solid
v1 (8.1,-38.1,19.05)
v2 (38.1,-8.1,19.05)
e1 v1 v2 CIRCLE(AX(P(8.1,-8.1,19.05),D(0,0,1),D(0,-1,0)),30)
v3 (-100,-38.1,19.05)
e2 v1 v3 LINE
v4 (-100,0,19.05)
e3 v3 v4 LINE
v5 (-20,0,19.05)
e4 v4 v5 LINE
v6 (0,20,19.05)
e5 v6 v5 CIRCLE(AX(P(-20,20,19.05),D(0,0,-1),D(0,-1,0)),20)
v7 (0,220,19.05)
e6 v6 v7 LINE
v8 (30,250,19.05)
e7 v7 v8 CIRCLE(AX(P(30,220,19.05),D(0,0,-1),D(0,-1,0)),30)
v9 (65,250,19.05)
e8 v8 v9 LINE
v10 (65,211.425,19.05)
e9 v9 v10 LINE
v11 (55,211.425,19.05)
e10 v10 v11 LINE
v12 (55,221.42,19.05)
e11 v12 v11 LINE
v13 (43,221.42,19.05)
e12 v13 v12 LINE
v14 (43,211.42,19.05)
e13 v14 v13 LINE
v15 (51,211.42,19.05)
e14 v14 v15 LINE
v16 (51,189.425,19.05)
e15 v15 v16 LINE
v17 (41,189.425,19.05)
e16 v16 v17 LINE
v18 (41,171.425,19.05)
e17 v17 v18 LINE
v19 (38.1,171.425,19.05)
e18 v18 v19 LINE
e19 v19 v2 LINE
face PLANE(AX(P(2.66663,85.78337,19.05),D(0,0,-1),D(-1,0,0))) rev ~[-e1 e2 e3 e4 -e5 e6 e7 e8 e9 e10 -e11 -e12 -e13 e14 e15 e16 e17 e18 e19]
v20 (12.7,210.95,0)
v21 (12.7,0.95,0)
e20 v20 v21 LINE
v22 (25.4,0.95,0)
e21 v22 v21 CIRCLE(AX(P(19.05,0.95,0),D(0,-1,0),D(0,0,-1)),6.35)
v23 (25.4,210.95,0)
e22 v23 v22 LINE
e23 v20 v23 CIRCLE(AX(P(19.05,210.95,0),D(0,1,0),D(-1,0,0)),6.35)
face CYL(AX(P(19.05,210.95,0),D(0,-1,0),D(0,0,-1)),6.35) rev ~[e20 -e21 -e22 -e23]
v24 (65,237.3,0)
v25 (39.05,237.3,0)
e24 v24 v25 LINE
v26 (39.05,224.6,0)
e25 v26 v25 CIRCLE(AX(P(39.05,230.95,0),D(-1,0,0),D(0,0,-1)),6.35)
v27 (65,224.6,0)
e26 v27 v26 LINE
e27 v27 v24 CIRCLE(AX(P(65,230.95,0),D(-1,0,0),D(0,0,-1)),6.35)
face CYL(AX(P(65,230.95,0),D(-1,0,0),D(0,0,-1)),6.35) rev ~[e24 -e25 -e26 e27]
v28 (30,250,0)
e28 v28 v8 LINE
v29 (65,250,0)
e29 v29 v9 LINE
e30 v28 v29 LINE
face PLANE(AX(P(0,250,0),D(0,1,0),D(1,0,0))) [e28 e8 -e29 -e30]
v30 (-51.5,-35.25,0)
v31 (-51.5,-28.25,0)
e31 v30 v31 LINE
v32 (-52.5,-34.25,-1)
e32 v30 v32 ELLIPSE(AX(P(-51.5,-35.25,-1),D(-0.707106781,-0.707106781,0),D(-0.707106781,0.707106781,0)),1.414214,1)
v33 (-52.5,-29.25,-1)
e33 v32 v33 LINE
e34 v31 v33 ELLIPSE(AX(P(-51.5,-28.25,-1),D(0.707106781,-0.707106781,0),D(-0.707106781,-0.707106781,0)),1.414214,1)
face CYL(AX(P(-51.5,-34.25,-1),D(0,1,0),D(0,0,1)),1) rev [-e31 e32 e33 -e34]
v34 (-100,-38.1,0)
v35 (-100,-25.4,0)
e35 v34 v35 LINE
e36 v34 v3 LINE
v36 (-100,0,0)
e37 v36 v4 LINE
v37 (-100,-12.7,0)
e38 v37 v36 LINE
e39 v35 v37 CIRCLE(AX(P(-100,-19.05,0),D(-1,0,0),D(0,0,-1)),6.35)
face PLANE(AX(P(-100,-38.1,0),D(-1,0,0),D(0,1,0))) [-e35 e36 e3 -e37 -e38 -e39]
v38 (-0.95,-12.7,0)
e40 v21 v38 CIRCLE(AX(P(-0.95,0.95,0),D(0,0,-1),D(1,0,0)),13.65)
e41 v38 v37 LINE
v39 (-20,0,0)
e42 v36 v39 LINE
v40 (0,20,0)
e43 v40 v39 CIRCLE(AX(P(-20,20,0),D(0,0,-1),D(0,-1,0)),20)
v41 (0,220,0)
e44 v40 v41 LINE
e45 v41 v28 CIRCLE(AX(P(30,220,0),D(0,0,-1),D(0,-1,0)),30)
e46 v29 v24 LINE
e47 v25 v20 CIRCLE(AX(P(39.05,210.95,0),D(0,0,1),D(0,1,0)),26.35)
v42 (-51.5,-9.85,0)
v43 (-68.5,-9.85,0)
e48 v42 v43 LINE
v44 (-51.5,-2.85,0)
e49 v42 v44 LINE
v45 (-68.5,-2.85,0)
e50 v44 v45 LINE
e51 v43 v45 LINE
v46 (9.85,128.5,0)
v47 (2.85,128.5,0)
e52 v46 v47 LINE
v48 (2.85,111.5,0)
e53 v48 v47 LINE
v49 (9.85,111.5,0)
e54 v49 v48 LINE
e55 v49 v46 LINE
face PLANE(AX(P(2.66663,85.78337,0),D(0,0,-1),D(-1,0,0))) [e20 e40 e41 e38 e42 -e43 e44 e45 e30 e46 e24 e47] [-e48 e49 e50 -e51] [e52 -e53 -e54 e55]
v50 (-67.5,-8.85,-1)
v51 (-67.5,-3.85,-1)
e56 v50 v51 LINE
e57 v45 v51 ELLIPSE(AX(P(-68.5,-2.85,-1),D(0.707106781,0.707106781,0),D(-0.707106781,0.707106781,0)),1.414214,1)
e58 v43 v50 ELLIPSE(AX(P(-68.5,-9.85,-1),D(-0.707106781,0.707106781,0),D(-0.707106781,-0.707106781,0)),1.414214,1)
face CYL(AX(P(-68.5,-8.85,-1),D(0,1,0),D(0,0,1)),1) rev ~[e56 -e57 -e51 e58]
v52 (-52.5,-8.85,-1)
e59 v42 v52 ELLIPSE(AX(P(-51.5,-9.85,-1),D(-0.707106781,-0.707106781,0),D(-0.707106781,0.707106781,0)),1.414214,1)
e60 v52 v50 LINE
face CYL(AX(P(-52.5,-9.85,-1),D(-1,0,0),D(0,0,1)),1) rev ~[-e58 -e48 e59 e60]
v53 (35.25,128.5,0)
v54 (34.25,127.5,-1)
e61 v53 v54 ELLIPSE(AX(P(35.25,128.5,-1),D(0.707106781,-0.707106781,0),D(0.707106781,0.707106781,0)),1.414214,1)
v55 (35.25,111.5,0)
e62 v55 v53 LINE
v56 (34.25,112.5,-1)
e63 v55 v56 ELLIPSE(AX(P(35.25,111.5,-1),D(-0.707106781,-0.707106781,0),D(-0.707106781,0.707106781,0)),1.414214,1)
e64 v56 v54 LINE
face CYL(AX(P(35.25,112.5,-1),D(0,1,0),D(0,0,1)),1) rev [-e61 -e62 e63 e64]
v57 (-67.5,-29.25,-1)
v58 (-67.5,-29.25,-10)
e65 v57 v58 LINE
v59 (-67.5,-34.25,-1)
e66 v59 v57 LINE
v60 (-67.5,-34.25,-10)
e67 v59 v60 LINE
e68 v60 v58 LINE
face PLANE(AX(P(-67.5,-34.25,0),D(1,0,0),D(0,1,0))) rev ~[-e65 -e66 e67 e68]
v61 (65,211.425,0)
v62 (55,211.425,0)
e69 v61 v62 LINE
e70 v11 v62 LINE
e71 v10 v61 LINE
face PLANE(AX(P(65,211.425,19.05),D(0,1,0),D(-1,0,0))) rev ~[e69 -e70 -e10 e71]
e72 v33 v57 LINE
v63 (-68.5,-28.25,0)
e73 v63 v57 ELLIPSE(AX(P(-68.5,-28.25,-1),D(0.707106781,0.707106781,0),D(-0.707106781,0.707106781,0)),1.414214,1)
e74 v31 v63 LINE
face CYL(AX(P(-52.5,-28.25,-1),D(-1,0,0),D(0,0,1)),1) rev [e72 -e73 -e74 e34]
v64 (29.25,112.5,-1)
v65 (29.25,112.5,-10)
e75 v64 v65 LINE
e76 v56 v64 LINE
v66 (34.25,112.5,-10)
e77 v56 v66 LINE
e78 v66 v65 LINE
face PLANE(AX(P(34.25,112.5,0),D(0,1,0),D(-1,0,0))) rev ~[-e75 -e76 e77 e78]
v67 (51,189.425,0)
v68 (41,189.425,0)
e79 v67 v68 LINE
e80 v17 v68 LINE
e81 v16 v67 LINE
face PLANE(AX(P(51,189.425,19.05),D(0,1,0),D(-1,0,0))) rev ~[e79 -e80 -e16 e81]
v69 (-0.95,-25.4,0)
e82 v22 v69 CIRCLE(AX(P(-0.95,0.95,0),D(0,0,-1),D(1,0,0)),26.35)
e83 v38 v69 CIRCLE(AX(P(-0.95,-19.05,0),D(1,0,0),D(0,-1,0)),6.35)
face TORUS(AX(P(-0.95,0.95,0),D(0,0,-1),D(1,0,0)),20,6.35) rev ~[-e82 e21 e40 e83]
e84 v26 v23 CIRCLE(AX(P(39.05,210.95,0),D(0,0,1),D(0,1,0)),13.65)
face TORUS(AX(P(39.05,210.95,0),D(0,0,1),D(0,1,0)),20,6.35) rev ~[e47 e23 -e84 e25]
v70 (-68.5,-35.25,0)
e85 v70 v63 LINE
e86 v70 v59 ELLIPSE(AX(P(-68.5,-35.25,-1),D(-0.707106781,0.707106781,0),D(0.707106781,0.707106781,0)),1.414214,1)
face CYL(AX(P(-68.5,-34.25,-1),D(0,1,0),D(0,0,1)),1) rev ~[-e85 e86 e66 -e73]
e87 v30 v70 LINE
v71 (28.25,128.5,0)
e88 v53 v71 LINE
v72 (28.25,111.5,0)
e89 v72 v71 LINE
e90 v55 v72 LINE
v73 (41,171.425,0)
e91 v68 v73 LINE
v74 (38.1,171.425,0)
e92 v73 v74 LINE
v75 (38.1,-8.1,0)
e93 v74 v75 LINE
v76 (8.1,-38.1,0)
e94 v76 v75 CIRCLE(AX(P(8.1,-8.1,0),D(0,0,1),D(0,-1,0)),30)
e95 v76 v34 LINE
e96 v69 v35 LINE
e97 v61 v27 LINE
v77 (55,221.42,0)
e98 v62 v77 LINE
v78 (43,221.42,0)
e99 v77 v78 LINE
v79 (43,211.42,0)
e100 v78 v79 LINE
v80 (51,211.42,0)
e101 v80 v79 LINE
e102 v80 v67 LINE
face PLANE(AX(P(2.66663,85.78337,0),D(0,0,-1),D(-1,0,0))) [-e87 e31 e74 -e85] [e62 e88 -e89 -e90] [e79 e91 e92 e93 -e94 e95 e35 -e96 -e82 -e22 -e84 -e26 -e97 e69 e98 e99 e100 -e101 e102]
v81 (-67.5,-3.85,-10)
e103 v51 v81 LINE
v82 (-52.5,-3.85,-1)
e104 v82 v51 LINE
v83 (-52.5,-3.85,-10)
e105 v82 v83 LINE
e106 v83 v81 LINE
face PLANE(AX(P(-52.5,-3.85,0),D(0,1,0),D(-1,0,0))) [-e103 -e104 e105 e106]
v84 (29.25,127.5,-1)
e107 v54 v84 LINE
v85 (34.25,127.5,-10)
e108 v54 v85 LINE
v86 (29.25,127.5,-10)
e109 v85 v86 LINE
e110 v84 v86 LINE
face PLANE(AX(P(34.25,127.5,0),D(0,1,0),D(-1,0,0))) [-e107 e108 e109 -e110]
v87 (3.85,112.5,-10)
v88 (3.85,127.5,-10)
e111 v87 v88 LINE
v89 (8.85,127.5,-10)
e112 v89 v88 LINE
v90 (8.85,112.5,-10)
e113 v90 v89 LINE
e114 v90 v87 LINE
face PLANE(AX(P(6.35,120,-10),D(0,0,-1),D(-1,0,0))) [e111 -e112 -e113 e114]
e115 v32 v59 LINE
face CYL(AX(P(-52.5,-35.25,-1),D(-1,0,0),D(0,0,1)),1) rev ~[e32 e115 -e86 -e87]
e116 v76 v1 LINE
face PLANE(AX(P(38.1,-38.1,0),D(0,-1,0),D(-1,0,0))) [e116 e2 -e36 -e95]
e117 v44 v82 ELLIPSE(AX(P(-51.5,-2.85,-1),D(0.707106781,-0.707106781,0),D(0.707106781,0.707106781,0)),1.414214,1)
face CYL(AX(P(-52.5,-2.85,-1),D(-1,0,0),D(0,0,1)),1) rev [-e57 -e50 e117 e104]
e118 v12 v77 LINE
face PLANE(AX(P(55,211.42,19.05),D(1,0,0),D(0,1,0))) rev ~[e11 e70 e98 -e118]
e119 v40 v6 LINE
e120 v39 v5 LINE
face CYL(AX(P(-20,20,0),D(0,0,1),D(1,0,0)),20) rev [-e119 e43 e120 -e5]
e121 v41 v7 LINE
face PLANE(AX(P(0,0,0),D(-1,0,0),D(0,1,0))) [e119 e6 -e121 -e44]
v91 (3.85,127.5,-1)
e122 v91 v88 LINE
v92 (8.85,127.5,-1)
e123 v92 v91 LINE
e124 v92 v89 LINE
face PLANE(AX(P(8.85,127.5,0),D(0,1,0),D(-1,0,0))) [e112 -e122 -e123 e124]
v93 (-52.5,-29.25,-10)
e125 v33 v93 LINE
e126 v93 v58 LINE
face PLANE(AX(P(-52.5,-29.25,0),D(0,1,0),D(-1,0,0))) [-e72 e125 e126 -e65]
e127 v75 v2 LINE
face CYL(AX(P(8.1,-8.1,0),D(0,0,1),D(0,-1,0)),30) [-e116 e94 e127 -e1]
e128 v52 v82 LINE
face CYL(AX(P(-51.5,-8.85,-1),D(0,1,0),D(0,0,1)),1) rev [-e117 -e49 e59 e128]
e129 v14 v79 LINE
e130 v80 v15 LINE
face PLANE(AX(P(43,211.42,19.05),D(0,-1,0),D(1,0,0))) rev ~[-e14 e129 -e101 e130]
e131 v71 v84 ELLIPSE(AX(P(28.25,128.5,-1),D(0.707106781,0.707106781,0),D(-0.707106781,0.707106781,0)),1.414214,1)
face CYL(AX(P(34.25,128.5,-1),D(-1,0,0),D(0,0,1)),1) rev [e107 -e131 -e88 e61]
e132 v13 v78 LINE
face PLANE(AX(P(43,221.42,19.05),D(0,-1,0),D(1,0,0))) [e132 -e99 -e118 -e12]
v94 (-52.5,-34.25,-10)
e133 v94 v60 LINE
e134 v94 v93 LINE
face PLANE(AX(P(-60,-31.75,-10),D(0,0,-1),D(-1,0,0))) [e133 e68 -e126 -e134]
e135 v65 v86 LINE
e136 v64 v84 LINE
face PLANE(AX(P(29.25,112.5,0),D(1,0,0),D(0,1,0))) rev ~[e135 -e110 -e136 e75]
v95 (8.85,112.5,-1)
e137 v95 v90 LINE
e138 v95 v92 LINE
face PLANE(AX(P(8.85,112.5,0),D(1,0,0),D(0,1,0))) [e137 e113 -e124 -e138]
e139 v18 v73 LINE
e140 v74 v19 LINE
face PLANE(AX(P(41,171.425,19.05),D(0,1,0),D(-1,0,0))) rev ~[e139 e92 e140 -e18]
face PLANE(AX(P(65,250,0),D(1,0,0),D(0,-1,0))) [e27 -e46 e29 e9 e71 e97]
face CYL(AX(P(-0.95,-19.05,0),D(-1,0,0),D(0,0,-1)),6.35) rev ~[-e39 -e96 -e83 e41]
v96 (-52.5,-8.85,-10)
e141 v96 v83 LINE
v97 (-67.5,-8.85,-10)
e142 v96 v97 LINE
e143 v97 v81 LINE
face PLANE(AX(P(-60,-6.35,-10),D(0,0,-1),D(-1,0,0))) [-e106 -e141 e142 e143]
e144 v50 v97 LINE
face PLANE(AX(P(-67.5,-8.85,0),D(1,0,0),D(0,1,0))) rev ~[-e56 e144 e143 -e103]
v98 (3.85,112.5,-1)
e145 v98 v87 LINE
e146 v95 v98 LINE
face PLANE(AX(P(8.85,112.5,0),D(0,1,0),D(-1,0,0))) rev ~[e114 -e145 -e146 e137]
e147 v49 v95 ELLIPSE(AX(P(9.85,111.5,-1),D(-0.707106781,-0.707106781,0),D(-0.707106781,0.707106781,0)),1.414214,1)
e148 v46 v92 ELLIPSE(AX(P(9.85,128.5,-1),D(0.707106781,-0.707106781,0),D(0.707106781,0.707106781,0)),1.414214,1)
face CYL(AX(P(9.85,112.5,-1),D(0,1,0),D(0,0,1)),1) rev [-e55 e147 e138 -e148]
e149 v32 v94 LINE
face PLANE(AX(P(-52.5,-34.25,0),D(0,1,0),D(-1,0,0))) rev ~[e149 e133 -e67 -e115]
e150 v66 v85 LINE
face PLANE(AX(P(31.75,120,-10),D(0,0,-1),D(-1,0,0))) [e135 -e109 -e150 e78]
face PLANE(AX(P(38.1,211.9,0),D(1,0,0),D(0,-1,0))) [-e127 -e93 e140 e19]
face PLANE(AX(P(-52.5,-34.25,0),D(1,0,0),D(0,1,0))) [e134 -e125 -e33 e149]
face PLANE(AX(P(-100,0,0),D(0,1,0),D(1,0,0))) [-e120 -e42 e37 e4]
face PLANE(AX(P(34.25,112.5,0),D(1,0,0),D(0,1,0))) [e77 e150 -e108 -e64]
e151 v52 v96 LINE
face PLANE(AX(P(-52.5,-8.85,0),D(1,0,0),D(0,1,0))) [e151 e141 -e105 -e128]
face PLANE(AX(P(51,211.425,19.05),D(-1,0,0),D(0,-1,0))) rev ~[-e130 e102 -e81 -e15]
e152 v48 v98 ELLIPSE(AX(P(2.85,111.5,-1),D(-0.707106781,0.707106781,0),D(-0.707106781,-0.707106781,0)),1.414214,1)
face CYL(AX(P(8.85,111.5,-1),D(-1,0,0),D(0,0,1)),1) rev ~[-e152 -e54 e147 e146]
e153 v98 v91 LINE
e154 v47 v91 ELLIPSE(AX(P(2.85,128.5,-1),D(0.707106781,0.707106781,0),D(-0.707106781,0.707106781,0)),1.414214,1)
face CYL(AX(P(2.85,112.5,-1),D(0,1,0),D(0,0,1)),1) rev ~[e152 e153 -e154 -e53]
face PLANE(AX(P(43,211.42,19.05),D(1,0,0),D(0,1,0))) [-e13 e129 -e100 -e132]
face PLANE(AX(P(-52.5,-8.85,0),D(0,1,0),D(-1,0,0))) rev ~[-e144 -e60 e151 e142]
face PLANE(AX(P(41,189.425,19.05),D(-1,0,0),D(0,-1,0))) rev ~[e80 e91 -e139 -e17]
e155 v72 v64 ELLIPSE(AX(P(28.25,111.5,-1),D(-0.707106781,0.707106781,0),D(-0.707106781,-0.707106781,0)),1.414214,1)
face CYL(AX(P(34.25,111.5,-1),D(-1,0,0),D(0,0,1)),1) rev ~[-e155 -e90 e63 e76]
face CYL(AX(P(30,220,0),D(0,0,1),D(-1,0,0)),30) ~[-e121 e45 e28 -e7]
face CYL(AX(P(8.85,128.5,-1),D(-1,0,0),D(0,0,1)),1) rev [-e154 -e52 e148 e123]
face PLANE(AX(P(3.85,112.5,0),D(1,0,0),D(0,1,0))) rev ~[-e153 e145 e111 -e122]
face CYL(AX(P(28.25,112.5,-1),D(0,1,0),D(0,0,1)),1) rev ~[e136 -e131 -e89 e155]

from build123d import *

# Parameters (mm, degrees)
BOSS_EXTRUDE1_DEPTH  = 19.05
CUT_SWEEP1_PROFILE_R = 6.35
FILLET1_R            = 30
FILLET2_R            = 20
SKETCH10_W           = 5
SKETCH10_H           = 15
SKETCH10_W_2         = 15
SKETCH10_H_2         = 5
BOSS_EXTRUDE2_DEPTH  = 10
FILLET3_R            = 1
BOSS_EXTRUDE3_DEPTH  = 19.05
SKETCH14_W           = 12
SKETCH14_H           = 10
CUT_EXTRUDE1_DEPTH   = 39


with BuildPart() as part:
    # Sketch1 → Boss-Extrude1 (new body)
    with BuildSketch(Plane.XY):
        Polygon((-100, 0), (0, 0), (0, 250), (65, 250), (65, 211.9), (38.1, 211.9), (38.1, -38.1), (-100, -38.1), align=None)
    extrude(amount=BOSS_EXTRUDE1_DEPTH)

    # Cut-Sweep1: sweep along a path in Sketch2
    with BuildLine(Plane(origin=(0, 0, 0), x_dir=(-1, 0, 0), z_dir=(0, 0, -1))) as cut_sweep1_path:
        Line((-65, 230.95), (-39.05, 230.95))
        ThreePointArc((-39.05, 230.95), (-24.907864376, 225.092135624), (-19.05, 210.95))
        Line((-19.05, 210.95), (-19.05, 0.95))
        ThreePointArc((-19.05, 0.95), (-13.192135624, -13.192135624), (0.95, -19.05))
        Line((0.95, -19.05), (100, -19.05))
    # Cut-Sweep1 profile (on start of the path) → Cut-Sweep1 (sweep, cut)
    with BuildSketch(Plane(origin=(65, 230.95, 0), x_dir=(0, 0, -1), z_dir=(-1, 0, 0))):
        Circle(CUT_SWEEP1_PROFILE_R)
    sweep(path=cut_sweep1_path.line, mode=Mode.SUBTRACT)

    # Fillet1
    fillet1_edges = [part.edges().sort_by_distance(p)[0] for p in [
        (0, 250, 9.525),
        (38.1, -38.1, 9.525),
    ]]
    fillet(fillet1_edges, radius=FILLET1_R)

    # Fillet2
    fillet2_edges = [part.edges().sort_by_distance(p)[0] for p in [
        (0, 0, 9.525),
    ]]
    fillet(fillet2_edges, radius=FILLET2_R)

    # Sketch10 → Boss-Extrude2 (add)
    with BuildSketch(Plane(origin=(0, 0, 0), x_dir=(-1, 0, 0), z_dir=(0, 0, -1))):
        with Locations((-6.35, 120)):
            Rectangle(SKETCH10_W, SKETCH10_H)
        with Locations((-31.75, 120)):
            Rectangle(SKETCH10_W, SKETCH10_H)
        with Locations((60, -6.35)):
            Rectangle(SKETCH10_W_2, SKETCH10_H_2)
        with Locations((60, -31.75)):
            Rectangle(SKETCH10_W_2, SKETCH10_H_2)
    extrude(amount=BOSS_EXTRUDE2_DEPTH)

    # Fillet3
    fillet3_edges = [part.edges().sort_by_distance(p)[0] for p in [
        (-67.5, -31.75, 0),
        (-60, -29.25, 0),
        (-52.5, -31.75, 0),
        (-60, -34.25, 0),
        (8.85, 120, 0),
        (6.35, 112.5, 0),
        (3.85, 120, 0),
        (6.35, 127.5, 0),
        (-52.5, -6.35, 0),
        (-60, -8.85, 0),
        (-67.5, -6.35, 0),
        (-60, -3.85, 0),
        (34.25, 120, 0),
        (31.75, 112.5, 0),
        (29.25, 120, 0),
        (31.75, 127.5, 0),
    ]]
    fillet(fillet3_edges, radius=FILLET3_R)

    # Sketch13 → Boss-Extrude3 (add)
    with BuildSketch(Plane.XY.offset(19.05)):
        Polygon((55, 221.425), (43, 221.425), (43, 211.425), (51, 211.425), (51, 189.425), (41, 189.425), (41, 171.425), (36.549895251, 171.425), (36.549895251, 223.572995821), (65, 223.572995821), (65, 211.9), (65, 211.425), (55, 211.425), align=None)
    extrude(amount=-BOSS_EXTRUDE3_DEPTH)

    # Sketch14 → Cut-Extrude1 (cut)
    with BuildSketch(Plane.XY.offset(19.05)):
        with Locations((49, 216.42)):
            Rectangle(SKETCH14_W, SKETCH14_H)
    extrude(amount=-CUT_EXTRUDE1_DEPTH, mode=Mode.SUBTRACT)


solid = part.part
